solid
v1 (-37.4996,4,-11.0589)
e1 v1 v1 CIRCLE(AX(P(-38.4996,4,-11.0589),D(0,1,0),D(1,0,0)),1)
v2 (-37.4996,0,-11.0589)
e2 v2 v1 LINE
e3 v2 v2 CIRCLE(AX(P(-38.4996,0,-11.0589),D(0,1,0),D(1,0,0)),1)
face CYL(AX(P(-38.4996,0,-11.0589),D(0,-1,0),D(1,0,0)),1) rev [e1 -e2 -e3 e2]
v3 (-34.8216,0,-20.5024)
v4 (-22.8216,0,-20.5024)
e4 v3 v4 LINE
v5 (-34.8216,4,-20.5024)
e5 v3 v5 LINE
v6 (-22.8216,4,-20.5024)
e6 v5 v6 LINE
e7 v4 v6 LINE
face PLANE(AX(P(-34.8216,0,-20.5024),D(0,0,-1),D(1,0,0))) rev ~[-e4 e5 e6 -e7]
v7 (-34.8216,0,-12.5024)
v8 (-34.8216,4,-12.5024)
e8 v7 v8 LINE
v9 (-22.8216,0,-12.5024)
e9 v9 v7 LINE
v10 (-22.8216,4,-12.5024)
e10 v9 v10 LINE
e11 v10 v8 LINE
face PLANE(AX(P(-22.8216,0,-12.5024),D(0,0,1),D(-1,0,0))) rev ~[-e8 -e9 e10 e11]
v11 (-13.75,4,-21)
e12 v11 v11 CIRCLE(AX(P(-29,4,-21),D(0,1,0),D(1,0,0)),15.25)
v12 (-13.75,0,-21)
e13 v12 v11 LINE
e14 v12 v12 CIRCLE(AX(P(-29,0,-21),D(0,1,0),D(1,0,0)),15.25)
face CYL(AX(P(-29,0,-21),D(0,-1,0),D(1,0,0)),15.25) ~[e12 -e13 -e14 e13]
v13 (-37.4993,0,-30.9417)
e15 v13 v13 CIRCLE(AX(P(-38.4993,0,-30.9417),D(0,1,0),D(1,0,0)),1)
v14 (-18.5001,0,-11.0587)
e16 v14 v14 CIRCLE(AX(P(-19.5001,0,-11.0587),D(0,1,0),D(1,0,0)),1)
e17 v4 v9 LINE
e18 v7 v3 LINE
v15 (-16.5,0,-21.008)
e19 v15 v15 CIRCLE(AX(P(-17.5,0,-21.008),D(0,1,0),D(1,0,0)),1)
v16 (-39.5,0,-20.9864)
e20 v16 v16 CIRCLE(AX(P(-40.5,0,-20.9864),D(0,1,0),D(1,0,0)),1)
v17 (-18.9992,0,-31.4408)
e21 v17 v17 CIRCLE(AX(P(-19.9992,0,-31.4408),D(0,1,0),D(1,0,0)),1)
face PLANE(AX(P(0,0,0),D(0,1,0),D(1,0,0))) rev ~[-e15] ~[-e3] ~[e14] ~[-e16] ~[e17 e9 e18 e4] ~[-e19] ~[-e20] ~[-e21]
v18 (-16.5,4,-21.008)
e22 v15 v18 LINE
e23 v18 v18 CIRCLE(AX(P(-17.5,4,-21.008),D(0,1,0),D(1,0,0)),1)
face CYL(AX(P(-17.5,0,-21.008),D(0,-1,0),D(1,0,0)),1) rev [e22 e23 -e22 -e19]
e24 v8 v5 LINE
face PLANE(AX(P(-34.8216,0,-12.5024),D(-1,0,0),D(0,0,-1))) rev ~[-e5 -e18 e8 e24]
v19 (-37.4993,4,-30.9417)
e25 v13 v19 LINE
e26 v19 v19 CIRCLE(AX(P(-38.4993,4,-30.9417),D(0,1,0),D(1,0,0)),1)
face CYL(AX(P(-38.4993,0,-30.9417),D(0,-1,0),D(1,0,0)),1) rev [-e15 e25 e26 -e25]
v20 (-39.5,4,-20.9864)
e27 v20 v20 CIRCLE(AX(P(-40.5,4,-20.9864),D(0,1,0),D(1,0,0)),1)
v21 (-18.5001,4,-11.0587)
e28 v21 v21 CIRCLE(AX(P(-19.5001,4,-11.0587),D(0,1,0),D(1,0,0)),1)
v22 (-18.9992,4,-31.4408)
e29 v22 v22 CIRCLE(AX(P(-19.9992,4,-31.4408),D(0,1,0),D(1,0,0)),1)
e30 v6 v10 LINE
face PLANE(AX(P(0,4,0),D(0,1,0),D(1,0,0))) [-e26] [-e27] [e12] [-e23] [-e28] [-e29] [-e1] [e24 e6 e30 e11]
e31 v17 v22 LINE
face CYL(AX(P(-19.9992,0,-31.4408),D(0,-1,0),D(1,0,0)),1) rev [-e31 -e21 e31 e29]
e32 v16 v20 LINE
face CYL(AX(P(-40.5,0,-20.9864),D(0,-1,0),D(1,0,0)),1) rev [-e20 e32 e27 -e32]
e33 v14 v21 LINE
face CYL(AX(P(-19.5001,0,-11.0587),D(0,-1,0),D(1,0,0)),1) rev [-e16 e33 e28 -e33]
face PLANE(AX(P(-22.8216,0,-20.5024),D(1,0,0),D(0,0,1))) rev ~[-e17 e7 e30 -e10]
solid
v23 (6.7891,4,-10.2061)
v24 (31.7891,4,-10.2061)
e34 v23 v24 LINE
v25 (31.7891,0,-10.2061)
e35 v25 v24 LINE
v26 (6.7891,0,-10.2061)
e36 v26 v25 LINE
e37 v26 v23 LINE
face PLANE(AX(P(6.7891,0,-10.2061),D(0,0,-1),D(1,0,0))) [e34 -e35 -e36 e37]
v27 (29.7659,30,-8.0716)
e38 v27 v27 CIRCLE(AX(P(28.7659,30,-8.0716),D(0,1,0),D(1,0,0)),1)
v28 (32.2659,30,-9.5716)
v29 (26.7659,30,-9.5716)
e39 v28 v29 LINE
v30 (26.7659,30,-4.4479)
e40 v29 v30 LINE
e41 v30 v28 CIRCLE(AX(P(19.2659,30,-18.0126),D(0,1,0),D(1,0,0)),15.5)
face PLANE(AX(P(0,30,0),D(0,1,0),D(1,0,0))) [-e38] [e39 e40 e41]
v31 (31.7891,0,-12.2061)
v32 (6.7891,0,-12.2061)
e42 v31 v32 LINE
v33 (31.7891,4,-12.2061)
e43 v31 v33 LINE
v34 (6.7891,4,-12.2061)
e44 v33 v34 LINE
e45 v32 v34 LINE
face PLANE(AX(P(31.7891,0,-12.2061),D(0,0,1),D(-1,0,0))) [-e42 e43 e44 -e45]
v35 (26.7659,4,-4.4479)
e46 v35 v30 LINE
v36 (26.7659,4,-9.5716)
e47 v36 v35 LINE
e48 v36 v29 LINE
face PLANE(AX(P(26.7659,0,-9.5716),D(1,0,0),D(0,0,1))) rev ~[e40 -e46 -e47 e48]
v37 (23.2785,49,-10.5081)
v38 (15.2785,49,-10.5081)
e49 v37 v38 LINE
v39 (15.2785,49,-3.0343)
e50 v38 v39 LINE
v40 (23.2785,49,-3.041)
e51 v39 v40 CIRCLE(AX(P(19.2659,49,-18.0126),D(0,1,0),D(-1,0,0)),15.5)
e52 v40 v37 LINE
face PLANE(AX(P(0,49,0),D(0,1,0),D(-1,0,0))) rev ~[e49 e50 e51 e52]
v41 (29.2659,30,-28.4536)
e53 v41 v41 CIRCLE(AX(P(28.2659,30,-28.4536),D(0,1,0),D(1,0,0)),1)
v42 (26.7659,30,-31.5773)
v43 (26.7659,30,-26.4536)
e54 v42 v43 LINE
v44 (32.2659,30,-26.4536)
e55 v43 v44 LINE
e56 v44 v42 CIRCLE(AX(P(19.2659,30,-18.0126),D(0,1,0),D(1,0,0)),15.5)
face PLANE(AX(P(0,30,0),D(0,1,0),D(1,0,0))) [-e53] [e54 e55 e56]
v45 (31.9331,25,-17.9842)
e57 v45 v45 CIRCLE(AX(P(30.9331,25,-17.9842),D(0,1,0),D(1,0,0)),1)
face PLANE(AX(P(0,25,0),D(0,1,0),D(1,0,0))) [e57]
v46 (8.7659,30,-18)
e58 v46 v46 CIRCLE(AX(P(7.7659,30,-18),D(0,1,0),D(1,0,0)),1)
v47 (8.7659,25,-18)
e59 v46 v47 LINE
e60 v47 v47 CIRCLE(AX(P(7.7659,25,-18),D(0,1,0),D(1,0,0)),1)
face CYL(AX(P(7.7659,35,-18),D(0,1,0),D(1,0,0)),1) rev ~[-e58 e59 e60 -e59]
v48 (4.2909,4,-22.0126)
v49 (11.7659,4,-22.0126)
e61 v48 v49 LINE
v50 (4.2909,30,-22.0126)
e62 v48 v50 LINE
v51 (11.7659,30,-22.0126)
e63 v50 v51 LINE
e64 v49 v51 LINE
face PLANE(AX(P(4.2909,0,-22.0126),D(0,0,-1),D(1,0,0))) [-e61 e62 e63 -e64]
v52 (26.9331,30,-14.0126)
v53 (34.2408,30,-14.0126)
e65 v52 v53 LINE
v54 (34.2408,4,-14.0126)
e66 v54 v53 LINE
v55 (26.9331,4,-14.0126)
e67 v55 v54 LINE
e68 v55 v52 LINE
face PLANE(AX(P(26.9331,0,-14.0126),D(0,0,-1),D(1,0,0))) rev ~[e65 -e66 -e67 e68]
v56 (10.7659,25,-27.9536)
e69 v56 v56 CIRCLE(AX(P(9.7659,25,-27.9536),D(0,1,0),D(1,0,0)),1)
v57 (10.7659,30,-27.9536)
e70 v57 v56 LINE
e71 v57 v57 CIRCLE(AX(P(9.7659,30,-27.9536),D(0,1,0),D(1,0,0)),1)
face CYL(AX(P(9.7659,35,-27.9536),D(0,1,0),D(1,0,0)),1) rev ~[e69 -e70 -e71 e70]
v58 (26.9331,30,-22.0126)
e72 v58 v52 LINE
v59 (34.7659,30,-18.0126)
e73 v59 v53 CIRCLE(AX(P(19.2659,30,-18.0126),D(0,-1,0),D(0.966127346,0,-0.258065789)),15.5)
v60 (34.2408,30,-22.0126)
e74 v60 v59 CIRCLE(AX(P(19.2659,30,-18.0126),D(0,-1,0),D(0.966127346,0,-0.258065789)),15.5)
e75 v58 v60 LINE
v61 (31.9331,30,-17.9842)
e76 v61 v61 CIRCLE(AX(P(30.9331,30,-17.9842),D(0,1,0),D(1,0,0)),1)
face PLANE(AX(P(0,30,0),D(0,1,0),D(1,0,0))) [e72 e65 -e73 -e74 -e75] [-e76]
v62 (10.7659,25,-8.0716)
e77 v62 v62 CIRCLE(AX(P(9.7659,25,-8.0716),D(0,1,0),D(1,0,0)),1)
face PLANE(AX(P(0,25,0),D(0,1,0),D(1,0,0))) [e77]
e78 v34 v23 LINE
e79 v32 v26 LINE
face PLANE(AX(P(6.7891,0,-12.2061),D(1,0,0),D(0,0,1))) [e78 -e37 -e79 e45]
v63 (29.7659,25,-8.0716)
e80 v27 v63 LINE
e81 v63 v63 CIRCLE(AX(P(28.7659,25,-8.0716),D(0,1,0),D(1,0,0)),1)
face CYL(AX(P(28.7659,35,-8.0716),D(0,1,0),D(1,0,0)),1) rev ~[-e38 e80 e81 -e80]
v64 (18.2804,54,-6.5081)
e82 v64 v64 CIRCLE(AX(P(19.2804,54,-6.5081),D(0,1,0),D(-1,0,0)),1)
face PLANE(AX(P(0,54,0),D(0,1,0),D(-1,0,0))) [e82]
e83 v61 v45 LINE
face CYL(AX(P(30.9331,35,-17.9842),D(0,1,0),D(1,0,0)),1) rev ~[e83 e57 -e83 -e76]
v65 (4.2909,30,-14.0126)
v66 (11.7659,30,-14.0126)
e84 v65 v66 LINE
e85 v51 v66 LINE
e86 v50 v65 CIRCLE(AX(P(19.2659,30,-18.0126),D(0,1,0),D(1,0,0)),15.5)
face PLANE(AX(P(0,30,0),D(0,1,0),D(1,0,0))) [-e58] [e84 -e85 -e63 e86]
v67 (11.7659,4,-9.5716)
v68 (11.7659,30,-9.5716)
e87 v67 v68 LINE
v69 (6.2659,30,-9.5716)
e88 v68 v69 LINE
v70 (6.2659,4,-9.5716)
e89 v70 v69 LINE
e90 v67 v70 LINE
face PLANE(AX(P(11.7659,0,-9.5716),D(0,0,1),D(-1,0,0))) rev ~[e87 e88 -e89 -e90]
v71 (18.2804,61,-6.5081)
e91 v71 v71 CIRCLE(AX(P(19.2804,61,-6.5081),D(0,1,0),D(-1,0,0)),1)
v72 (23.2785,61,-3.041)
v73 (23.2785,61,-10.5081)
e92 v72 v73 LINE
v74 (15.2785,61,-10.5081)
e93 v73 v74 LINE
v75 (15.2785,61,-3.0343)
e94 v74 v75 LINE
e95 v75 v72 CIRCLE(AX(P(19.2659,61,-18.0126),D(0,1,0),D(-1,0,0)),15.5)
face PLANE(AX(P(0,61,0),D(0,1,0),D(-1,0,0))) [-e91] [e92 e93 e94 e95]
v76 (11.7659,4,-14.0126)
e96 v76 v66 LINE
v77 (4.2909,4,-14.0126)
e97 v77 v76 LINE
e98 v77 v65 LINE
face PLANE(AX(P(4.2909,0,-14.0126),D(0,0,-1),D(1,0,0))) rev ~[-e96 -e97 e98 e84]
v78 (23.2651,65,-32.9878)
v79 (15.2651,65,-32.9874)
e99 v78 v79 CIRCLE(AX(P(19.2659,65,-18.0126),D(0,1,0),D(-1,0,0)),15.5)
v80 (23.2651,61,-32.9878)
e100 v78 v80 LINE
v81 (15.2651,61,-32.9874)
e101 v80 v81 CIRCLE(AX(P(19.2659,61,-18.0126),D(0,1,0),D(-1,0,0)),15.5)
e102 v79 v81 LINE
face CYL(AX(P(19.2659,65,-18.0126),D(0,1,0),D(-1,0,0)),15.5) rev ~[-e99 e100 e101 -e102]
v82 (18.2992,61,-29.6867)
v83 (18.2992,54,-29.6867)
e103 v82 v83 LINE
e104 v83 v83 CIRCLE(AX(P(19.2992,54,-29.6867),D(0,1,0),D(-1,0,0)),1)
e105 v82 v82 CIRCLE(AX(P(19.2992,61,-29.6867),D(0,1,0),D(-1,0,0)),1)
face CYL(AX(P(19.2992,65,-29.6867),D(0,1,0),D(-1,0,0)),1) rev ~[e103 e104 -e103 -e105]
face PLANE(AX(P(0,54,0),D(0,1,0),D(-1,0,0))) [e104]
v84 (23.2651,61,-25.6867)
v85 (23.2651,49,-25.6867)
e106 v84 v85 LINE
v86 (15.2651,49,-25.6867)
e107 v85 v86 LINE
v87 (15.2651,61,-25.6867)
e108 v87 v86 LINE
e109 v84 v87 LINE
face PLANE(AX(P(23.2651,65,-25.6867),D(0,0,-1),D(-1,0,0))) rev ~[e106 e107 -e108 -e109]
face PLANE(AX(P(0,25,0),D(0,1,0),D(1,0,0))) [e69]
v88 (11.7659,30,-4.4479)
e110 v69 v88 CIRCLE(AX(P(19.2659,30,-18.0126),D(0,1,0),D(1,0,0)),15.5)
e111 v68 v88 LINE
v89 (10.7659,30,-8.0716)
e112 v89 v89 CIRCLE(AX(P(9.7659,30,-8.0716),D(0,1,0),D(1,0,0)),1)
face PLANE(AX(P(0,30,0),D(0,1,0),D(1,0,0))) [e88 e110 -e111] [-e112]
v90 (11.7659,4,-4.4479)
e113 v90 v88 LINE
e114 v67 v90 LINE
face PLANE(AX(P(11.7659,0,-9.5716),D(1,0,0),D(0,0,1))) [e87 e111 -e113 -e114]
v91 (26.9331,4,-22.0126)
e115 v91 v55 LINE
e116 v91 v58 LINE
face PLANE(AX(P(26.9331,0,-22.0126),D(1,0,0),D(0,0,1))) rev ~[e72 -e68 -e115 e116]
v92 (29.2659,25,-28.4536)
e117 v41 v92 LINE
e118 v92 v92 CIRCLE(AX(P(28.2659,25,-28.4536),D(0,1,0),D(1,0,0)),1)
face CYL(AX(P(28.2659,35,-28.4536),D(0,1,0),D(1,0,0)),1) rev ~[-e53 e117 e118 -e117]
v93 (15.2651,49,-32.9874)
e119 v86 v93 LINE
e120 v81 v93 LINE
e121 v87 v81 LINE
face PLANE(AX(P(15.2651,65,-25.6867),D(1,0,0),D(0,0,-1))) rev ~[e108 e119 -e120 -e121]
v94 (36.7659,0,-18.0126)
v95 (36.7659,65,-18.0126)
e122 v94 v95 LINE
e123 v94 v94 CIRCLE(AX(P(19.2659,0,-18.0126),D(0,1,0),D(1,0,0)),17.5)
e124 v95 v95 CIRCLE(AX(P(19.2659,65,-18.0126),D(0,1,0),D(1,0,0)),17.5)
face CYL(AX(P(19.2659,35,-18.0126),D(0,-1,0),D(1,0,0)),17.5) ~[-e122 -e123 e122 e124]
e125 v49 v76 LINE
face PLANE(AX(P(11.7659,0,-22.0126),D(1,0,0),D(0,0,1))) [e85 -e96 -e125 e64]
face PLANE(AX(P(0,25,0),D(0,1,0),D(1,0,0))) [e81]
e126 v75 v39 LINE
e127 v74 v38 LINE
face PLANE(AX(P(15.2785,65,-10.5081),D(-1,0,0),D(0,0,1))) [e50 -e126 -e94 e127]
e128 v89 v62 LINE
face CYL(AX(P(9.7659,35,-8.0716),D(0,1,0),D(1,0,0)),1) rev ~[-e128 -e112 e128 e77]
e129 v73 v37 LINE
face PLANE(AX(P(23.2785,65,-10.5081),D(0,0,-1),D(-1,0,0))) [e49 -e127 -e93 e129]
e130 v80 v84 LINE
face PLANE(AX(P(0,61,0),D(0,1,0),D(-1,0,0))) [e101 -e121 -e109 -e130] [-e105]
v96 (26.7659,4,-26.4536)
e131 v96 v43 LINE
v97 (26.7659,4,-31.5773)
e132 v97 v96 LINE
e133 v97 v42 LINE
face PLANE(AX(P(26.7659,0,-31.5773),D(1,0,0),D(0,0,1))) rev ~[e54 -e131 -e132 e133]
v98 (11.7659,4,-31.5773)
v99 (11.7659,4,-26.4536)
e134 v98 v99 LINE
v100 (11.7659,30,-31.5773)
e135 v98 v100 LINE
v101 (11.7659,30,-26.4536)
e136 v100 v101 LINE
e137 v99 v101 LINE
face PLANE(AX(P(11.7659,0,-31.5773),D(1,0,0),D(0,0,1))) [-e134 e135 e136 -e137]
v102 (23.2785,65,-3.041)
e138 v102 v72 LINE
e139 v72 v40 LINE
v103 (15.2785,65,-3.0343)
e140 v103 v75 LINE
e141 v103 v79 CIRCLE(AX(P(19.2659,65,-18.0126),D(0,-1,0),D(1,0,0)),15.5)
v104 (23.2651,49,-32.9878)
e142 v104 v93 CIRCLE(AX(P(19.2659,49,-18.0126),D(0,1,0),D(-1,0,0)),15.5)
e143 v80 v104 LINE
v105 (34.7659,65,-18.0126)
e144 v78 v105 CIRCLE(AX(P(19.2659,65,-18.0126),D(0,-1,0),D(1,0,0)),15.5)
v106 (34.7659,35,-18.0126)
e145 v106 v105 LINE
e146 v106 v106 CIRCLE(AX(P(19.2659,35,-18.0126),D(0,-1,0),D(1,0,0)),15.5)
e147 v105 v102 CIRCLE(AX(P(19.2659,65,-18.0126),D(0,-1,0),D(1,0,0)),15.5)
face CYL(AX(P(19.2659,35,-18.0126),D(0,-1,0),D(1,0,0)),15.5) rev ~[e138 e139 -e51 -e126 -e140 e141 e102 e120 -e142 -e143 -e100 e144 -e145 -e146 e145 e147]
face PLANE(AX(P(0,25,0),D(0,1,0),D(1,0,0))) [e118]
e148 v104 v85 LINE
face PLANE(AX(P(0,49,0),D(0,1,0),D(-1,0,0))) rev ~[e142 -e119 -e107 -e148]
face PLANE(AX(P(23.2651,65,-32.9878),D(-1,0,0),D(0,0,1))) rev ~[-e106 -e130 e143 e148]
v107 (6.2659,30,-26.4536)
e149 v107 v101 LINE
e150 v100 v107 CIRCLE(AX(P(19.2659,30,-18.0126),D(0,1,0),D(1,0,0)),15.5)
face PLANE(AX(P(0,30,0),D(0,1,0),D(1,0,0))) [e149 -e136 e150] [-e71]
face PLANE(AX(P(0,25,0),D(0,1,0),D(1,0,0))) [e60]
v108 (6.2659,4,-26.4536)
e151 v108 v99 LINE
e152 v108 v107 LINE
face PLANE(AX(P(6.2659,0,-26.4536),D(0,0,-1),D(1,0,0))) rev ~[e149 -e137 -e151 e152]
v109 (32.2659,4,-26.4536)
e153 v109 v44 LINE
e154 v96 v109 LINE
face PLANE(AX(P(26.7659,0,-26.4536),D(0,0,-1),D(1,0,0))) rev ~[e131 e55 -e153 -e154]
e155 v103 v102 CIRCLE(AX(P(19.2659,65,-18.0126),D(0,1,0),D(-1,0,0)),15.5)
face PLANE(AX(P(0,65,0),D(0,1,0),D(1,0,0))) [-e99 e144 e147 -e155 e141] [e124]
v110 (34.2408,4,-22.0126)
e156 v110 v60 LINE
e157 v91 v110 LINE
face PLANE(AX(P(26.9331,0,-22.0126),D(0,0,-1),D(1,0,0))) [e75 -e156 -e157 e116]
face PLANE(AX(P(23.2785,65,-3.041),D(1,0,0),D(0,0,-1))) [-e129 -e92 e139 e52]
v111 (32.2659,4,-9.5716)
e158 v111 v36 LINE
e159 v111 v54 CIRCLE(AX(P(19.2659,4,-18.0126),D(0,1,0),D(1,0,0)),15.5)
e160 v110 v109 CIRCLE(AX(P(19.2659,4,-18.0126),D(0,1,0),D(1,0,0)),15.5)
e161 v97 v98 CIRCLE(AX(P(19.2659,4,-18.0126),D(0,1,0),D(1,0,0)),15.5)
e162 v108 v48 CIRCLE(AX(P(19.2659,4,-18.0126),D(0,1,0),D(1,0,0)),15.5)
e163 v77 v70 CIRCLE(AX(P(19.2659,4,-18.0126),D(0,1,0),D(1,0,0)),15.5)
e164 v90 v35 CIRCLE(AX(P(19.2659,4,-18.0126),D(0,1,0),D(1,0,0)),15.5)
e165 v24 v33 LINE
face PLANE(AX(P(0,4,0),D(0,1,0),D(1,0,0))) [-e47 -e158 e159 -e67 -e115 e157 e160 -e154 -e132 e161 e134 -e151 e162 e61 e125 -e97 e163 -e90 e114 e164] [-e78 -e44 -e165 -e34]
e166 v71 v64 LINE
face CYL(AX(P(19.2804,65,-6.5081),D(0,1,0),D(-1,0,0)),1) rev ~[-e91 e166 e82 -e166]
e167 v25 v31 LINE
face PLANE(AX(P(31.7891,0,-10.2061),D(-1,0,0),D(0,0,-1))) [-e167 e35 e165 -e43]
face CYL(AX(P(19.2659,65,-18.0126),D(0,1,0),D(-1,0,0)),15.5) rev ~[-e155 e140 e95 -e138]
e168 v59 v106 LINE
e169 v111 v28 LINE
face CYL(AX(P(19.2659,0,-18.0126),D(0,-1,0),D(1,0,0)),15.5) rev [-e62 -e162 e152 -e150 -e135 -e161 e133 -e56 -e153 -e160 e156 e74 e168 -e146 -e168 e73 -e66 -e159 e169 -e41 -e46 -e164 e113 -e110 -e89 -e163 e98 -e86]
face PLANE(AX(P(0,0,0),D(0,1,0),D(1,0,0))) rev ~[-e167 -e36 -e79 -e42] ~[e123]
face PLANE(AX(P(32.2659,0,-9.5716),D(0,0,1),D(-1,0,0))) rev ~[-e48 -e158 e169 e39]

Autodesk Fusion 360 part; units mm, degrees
sketch "base" plane through (0, 0, 0) normal (0, 1, 0) x (1, 0, 0)
  circle A0 centre (19.2659, 18.0126) radius 17.5
  circle A1 centre (19.2659, 18.0126) radius 15.5
  circle A2 centre (9.7659, 27.9536) radius 1
  circle A3 centre (9.7659, 8.0716) radius 1
  circle A4 centre (28.7659, 8.0716) radius 1
  circle A5 centre (28.2659, 28.4536) radius 1
  line L0 (32.2659, 9.5716) -> (26.7659, 9.5716)
  line L1 (11.7659, 9.5716) -> (6.2659, 9.5716)
  line L2 (26.7659, 31.5773) -> (26.7659, 26.4536)
  line L3 (26.7659, 9.5716) -> (26.7659, 4.4479)
  line L4 (11.7659, 31.5773) -> (11.7659, 26.4536)
  line L5 (11.7659, 9.5716) -> (11.7659, 4.4479)
  line L6 (6.2659, 26.4536) -> (11.7659, 26.4536)
  line L7 (26.7659, 26.4536) -> (32.2659, 26.4536)
  line L8 (26.9331, 22.0126) -> (26.9331, 14.0126)
  line L9 (11.7659, 22.0126) -> (11.7659, 14.0126)
  line L10 (4.2909, 22.0126) -> (11.7659, 22.0126)
  line L11 (26.9331, 22.0126) -> (34.2408, 22.0126)
  line L12 (4.2909, 14.0126) -> (11.7659, 14.0126)
  line L13 (26.9331, 14.0126) -> (34.2408, 14.0126)
  circle A6 centre (7.7659, 18) radius 1
  circle A7 centre (30.9331, 17.9842) radius 1
  line L14 (6.7891, 10.2061) -> (31.7891, 10.2061)
  line L15 (31.7891, 10.2061) -> (31.7891, 12.2061)
  line L16 (31.7891, 12.2061) -> (6.7891, 12.2061)
  line L17 (6.7891, 12.2061) -> (6.7891, 10.2061)
  dimension "d18" = 2
  dimension "d21" = 2
  dimension "d37" = 31
  dimension "d38" = 35
  dimension "d39" = 2
  dimension "d40" = 1.5
  dimension "d43" = 2
  dimension "d45" = 4
  dimension "d48" = 25
  dimension "d49" = 2
extrude "Extrude1" add sketch "base" along normal blind 35 contours A0 makes body 1
extrude "Extrude2" add sketch "base" along normal blind 4 contours A1 L0 L1 L2 L3 L4 L5 L6 L7 L8 L9 L10 L11 L12 L13 bodies 1
extrude "Extrude3" add sketch "base" along normal blind 30 contours A1 L8 L11 L13 | A1 L2 L7 | A1 L0 L3 | A1 L4 L6 | A1 L1 L5 | A1 L9 L10 L12 | A2 | A3 | A4 | A5 | A6 | A7 bodies 1
extrude "Extrude4" add sketch "base" along normal blind 35 separate body contours A6 | A7 makes body 2 at (7.1042, 23.3333, -17.2502) makes body 3 at (31.9281, 23.3333, -17.8846)
extrude "Extrude5" cut 1 faces at (30.3443, 35, -17.8612) along direction (0, -1, 0) blind 10 on bodies 3 bodies 1 3
extrude "Extrude6" cut 1 faces at (8.0699, 35, -17.8057) along direction (0, -1, 0) blind 10 on bodies 2 bodies 1 2
extrude "Extrude7" add sketch "base" along normal blind 35 separate body contours A2 makes body 4
extrude "Extrude8" cut 1 faces at (10.0231, 35, -27.8122) along direction (0, -1, 0) blind 10 on bodies 4 bodies 1 4
extrude "Extrude9" add sketch "base" along normal blind 35 separate body contours A3 | A4 | A5 makes body 5 at (29.7609, 23.3333, -7.9721) makes body 6 at (10.7609, 23.3333, -7.9721) makes body 7 at (29.2609, 23.3333, -28.354)
extrude "Extrude10" cut 3 faces at (28.5948, 35, -8.3894) (27.6322, 35, -28.5982) (10.0413, 35, -8.16) along direction (0, -1, 0) blind 10 on bodies 5 6 7 bodies 1 5 6 7
combine "Combine1" operation add target body 1 tool bodies 2 3 4 5 6 7
sketch "base-cap" plane through (0, 0, 0) normal (0, 1, 0) x (1, 0, 0)
  circle A0 centre (-29, 21) radius 15.25
  circle A1 centre (-19.5001, 11.0587) radius 1
  circle A2 centre (-38.4996, 11.0589) radius 1
  circle A3 centre (-19.9992, 31.4408) radius 1
  circle A4 centre (-38.4993, 30.9417) radius 1
  line L0 (-22.8216, 12.5024) -> (-34.8216, 12.5024)
  line L1 (-34.8216, 12.5024) -> (-34.8216, 20.5024)
  line L2 (-34.8216, 20.5024) -> (-22.8216, 20.5024)
  line L3 (-22.8216, 20.5024) -> (-22.8216, 12.5024)
  circle A5 centre (-40.5, 20.9864) radius 1
  circle A6 centre (-17.5, 21.008) radius 1
  dimension "d77" = 30.5
  dimension "d78" = 2
  dimension "d79" = 2
  dimension "d80" = 2
  dimension "d81" = 2
  dimension "d84" = 12
  dimension "d85" = 8
  dimension "d92" = 2
  dimension "d93" = 2
extrude "Extrude11" add sketch "base-cap" along normal blind 4 separate body contours A0 | L0 L1 L2 L3 | A5 | A6 makes body 8
extrude "Extrude14" cut sketch "base-cap" along normal blind 4 contours L0 L1 L2 L3 bodies 8
extrude "Extrude15" cut sketch "base-cap" along normal blind 4 contours A6 bodies 8
extrude "Extrude16" cut sketch "base-cap" along normal blind 4 contours A5 bodies 8
extrude "Extrude17" add 1 faces at (35.9763, 35, -16.3731) along direction (0, 1, 0) blind 30 on bodies 1 bodies 1
sketch "Sketch6" plane through (0, 65, 0) normal (0, 1, 0) x (-1, 0, 0)
  circle A0 centre (-19.2659, -18.0126) radius 15.5
  circle A1 centre (-19.2659, -18.0126) radius 17.5
  circle A2 centre (-19.2659, -18.0126) radius 15.5
  line L0 (-23.2651, -32.9878) -> (-23.2651, -25.6867)
  line L1 (-23.2651, -25.6867) -> (-15.2651, -25.6867)
  line L2 (-15.2651, -25.6867) -> (-15.2651, -32.9874)
  line L3 (-23.2785, -3.041) -> (-23.2785, -10.5081)
  line L4 (-23.2785, -10.5081) -> (-15.2785, -10.5081)
  line L5 (-15.2785, -10.5081) -> (-15.2785, -3.0343)
  circle A3 centre (-19.2804, -6.5081) radius 1
  circle A4 centre (-19.2992, -29.6867) radius 1
  dimension "d102" = 31
  dimension "d103" = 2
  dimension "d104" = 2
  dimension "d105" = 8
  dimension "d106" = 8
  dimension "d107" = 4
  dimension "d108" = 4
extrude "Extrude18" add sketch "Sketch6" against normal blind 16 contours A0 A2 L3 L4 L5 | A0 A2 L0 L1 L2 | A3 | A4 bodies 1
extrude "Extrude19" cut sketch "Sketch6" against normal blind 4 contours A0 A2 L3 L4 L5 | A0 A2 L0 L1 L2 | A3 | A4 bodies 1
extrude "Extrude20" cut sketch "Sketch6" against normal blind 11 contours A3 | A4 bodies 1
sketch "Sketch3" plane through (0, 0, 0) normal (0, 1, 0) x (1, 0, 0)
  circle A0 centre (58.9844, 20.3053) radius 15.6723
  circle A1 centre (49.5237, 30.2998) radius 1
  circle A2 centre (68.0213, 30.7869) radius 1
  circle A3 centre (47.4889, 20.3054) radius 1
  circle A4 centre (70.7523, 20.3426) radius 1
  circle A5 centre (49.5127, 10.4099) radius 1
  circle A6 centre (68.5221, 10.411) radius 1
  dimension "d71" = 2
  dimension "d72" = 2
  dimension "d73" = 2
  dimension "d74" = 2
  dimension "d75" = 2
  dimension "d76" = 2
